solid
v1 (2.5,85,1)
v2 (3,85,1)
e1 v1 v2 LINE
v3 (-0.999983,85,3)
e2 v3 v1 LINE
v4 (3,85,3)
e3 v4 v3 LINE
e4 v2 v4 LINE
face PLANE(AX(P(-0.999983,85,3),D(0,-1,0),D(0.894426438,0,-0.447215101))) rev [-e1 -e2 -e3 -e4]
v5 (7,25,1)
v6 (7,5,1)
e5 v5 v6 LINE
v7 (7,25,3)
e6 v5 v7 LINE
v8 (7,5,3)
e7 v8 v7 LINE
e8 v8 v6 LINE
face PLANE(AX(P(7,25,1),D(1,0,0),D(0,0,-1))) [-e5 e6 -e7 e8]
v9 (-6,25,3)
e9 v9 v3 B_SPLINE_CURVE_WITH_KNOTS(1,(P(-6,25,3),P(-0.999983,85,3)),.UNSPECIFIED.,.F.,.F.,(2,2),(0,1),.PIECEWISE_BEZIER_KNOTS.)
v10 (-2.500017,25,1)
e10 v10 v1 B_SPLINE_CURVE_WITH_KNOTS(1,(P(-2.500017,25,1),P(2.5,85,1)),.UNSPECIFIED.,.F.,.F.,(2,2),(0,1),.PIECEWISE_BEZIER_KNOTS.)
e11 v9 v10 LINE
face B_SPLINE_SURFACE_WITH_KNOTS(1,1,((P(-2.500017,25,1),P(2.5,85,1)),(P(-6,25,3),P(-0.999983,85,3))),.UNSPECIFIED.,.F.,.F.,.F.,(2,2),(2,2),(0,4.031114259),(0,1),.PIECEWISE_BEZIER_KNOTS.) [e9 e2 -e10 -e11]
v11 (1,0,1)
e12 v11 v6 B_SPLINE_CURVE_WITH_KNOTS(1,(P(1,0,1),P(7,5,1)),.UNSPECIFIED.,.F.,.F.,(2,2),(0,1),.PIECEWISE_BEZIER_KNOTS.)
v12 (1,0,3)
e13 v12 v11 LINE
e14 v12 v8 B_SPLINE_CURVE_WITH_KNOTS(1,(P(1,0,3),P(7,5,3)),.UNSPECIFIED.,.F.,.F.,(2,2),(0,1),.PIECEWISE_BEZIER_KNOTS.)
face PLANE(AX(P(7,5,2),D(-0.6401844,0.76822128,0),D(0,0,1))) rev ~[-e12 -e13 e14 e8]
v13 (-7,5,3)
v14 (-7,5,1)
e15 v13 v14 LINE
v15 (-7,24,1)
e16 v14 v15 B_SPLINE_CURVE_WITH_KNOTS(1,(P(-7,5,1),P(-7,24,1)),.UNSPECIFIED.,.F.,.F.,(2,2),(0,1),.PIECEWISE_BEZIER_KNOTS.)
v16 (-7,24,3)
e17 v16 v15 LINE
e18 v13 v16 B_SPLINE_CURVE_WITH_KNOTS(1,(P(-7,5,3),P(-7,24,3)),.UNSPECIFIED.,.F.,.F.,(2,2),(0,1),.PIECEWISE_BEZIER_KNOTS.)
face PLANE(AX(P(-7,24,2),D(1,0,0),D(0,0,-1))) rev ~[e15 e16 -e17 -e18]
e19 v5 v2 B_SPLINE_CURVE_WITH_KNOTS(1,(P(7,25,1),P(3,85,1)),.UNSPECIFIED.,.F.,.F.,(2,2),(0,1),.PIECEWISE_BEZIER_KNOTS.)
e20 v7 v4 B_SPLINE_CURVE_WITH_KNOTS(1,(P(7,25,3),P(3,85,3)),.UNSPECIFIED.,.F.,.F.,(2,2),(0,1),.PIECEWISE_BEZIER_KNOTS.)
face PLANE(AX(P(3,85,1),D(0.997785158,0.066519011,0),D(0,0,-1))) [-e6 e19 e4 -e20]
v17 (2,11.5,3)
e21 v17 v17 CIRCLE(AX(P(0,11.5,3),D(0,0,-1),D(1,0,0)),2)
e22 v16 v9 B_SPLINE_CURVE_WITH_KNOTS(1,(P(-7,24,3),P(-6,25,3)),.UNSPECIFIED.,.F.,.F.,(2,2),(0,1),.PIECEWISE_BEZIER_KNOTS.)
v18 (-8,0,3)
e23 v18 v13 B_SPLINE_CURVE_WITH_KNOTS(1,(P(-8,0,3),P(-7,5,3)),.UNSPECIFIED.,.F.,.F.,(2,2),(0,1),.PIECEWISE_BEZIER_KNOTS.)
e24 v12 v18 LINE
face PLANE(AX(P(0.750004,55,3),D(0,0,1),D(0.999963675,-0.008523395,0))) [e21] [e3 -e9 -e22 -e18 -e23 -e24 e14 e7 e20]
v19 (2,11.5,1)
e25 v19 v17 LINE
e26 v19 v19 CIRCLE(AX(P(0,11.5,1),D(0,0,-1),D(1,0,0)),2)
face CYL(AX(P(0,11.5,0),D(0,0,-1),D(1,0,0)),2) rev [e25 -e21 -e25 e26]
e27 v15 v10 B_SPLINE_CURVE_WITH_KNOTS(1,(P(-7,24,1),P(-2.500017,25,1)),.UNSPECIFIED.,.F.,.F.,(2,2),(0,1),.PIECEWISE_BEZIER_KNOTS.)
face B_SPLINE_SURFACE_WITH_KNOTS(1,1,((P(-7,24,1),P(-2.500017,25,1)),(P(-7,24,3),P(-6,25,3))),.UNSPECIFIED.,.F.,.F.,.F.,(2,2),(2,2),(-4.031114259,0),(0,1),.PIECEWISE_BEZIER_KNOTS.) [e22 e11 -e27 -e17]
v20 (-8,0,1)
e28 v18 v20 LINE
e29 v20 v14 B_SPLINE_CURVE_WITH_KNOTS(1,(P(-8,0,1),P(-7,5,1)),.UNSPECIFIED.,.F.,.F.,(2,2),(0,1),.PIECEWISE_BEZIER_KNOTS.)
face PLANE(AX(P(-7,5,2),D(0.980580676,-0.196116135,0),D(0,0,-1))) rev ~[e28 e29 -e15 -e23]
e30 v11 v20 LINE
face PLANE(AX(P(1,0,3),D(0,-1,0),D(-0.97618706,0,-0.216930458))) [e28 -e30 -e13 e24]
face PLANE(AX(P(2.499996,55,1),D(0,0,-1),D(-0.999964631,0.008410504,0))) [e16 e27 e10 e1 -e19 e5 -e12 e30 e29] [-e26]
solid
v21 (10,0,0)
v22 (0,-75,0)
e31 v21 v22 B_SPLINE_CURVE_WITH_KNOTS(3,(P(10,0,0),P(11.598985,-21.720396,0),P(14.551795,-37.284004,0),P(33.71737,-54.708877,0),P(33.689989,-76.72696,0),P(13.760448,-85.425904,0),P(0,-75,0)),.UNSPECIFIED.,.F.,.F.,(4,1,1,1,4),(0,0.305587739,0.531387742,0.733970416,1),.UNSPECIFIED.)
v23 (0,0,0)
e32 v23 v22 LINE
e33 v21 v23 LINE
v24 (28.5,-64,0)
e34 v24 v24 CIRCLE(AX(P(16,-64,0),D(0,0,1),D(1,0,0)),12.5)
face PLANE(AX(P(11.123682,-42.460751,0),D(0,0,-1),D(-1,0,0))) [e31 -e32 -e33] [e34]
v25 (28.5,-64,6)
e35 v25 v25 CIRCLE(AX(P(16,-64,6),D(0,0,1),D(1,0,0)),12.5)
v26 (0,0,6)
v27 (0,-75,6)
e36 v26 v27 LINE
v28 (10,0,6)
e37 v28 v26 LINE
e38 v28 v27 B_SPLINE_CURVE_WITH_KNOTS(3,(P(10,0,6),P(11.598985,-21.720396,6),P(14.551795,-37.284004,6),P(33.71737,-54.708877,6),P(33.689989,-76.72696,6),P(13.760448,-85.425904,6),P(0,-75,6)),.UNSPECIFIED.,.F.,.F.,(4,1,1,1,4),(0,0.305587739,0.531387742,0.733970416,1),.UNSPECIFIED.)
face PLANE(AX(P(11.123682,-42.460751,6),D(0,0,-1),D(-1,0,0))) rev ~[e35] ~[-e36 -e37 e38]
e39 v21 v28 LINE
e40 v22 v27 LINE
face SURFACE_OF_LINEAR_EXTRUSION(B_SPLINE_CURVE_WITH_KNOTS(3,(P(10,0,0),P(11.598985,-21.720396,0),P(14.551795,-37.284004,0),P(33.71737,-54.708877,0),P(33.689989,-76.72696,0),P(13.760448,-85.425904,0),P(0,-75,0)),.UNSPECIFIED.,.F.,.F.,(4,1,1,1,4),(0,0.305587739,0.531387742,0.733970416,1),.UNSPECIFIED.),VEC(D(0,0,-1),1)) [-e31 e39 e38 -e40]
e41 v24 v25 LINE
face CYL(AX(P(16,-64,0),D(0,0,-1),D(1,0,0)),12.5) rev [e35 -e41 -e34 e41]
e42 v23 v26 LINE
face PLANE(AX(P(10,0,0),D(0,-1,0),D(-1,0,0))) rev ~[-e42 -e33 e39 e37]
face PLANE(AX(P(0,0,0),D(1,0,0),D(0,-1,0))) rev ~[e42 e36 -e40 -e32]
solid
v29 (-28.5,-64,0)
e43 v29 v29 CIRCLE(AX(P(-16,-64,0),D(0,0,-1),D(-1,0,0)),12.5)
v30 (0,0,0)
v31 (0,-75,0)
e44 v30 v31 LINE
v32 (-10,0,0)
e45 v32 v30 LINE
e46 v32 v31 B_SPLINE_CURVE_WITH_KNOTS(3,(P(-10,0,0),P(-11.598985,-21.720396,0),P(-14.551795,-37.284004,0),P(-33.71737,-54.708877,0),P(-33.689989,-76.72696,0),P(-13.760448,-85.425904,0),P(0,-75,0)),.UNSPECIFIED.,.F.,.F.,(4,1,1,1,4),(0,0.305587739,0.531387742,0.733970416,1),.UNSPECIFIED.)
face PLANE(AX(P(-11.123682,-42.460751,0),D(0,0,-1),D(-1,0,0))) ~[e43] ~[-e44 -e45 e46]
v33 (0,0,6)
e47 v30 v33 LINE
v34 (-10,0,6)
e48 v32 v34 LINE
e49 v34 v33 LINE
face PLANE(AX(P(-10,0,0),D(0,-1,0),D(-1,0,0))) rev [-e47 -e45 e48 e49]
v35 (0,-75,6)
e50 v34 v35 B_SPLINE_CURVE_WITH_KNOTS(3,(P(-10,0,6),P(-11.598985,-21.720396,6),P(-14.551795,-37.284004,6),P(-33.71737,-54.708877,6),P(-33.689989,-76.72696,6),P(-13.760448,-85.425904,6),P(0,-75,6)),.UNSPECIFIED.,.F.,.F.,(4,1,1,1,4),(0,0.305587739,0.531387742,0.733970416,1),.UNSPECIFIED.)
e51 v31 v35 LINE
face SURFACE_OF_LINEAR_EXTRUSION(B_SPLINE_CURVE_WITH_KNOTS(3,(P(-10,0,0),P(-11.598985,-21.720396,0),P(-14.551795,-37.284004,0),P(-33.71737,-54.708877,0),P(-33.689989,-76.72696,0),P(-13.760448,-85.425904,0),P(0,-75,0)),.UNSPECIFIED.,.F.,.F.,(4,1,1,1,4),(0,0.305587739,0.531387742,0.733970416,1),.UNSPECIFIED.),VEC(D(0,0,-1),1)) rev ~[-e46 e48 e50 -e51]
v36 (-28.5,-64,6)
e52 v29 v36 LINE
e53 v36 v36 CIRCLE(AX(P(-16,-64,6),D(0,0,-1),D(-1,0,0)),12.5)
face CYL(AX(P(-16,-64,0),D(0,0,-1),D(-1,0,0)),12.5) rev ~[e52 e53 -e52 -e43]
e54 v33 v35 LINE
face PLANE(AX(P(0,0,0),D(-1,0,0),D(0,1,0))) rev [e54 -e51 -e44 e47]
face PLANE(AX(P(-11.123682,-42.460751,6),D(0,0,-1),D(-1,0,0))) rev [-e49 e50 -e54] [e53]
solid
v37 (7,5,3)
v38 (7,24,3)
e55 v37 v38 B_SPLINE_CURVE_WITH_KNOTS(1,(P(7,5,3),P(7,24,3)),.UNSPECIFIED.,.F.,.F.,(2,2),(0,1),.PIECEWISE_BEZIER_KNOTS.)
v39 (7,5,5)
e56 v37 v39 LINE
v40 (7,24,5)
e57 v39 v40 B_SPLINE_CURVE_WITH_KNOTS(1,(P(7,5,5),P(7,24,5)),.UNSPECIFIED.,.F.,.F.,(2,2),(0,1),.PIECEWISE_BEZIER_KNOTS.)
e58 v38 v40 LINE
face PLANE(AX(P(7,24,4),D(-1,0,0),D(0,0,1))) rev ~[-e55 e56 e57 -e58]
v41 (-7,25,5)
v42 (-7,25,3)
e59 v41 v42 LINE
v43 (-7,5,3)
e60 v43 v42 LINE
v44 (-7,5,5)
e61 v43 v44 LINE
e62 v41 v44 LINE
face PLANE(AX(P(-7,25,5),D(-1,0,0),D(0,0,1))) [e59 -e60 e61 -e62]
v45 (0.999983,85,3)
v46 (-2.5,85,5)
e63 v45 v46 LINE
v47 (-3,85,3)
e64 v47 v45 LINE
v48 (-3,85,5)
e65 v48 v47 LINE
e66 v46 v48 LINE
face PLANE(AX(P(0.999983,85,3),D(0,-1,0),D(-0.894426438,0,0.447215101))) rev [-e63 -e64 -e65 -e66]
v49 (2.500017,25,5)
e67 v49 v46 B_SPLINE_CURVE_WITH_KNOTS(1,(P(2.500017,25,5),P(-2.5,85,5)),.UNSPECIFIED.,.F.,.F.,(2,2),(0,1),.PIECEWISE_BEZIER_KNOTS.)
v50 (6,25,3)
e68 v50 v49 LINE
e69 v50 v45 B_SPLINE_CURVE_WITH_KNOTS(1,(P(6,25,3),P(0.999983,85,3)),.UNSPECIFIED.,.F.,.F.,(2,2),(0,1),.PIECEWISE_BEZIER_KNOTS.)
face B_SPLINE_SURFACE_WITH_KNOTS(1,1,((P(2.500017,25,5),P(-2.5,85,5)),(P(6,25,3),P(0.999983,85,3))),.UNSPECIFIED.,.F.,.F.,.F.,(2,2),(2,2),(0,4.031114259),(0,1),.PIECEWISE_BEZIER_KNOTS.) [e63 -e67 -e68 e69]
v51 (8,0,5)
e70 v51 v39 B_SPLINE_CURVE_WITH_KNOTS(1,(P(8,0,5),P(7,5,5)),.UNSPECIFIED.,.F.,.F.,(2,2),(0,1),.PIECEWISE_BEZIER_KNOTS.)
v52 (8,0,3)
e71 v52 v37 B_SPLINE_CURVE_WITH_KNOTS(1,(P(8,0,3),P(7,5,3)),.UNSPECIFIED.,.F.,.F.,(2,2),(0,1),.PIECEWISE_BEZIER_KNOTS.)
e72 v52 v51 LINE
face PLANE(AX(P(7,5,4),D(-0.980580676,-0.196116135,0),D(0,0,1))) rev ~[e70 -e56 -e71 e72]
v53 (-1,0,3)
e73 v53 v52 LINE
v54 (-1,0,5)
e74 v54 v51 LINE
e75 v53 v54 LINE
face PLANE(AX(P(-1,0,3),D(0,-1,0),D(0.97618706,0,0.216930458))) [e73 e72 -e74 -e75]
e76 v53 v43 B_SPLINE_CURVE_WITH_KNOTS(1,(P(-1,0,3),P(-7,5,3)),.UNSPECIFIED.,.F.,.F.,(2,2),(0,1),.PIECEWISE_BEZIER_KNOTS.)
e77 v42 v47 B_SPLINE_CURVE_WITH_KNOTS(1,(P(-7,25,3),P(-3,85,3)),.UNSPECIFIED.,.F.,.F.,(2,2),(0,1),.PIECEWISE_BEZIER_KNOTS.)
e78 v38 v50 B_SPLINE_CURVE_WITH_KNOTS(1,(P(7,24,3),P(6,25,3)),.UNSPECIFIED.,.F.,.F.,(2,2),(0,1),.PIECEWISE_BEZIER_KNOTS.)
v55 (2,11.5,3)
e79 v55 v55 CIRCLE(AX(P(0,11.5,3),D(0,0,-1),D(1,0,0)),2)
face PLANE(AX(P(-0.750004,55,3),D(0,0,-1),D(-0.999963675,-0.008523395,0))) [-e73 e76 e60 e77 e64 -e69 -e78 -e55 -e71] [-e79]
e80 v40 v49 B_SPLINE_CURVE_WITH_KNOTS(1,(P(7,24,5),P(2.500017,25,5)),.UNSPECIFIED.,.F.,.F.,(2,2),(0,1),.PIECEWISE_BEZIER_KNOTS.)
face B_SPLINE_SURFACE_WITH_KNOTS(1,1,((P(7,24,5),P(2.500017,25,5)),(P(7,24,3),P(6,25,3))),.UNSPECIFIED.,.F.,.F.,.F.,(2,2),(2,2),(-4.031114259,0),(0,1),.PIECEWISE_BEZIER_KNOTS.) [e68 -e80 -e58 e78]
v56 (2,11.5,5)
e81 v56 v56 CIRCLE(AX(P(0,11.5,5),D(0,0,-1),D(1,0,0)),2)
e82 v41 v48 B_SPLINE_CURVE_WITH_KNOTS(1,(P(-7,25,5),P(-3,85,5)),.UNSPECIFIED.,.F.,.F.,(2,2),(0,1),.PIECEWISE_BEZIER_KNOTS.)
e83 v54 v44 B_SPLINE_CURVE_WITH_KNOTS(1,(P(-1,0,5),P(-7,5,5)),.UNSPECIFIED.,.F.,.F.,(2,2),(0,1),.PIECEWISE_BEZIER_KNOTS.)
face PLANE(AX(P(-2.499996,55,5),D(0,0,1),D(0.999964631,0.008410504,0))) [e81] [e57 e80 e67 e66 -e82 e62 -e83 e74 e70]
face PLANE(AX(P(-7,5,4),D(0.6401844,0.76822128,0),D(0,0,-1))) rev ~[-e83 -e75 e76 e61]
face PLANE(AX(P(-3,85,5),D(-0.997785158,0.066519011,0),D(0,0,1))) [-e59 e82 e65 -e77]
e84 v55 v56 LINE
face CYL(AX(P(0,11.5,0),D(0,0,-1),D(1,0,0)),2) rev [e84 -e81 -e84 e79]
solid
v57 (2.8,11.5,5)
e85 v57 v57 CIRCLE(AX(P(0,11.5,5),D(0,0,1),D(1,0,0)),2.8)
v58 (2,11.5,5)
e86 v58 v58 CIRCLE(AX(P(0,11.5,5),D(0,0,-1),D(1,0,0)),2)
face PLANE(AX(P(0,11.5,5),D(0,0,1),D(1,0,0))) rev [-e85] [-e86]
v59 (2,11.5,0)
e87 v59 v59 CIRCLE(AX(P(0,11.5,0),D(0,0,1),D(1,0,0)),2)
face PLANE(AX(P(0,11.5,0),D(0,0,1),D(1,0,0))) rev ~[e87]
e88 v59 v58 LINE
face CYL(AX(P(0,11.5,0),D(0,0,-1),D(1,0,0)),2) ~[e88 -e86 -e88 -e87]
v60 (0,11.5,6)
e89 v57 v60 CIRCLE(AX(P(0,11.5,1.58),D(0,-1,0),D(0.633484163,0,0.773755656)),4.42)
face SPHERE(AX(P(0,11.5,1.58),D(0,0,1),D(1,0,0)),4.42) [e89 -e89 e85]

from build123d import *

# Parameters (mm, degrees)
F1_DEPTH   = 6
F2_R       = 12.5
F3_DEPTH   = 6
F12_W      = 9
F12_H      = 2
F13_W      = 14
F13_H      = 2
F17_W      = 14
F17_H      = 2
F20_FACE_W = 14
F20_FACE_H = 2
F23_ANGLE  = 180
F24_R      = 2
F25_DEPTH  = 5.5


with BuildPart() as f1:
    # F0 (on Top) → F1 (new body)
    with BuildSketch(Plane.XY):
        with BuildLine():
            add(Edge.make_bspline(
                [(10, 0), (11.5989848037, -21.7203960732), (14.551794516, -37.2840041084), (33.7173695123, -54.7088770026), (33.6899893736, -76.726959724), (13.7604479388, -85.4259035728), (0, -75)],
                knots=[0, 0, 0, 0, 0.3055877393, 0.5313877422, 0.7339704157, 1, 1, 1, 1], degree=3))
            Line((10, 0), (0, 0))
            Line((0, 0), (0, -75))
        make_face()
    extrude(amount=F1_DEPTH)


with BuildPart() as f3:
    # F2 (on Top) → F3 (new body)
    with BuildSketch(Plane.XY):
        with Locations((16, -64)):
            Circle(F2_R)
    extrude(amount=F3_DEPTH)


with BuildPart() as f1_1:
    add(f1.part)

    # F4: cut F3
    add(f3.part, mode=Mode.SUBTRACT)


with BuildPart() as f5_1:
    # F5: instance of F1
    add(f1_1.part.mirror(Plane.YZ))


with BuildPart() as f18:
    # F12 (on Front) → F18 section 0
    with BuildSketch(Plane.XZ):
        with Locations((3.5, 4)):
            Rectangle(F12_W, F12_H)
    # F13 (on offset) → F18 section 1
    with BuildSketch(Plane.XZ.offset(-5)):
        with Locations((0, 4)):
            Rectangle(F13_W, F13_H)
    loft()

    # F13 (on offset) → F20 section 0
    with BuildSketch(Plane.XZ.offset(-5)):
        with Locations((0, 4)):
            Rectangle(F13_W, F13_H)
    # F17 (on offset) → F20 section 1
    with BuildSketch(Plane.XZ.offset(-24)):
        with Locations((0, 4)):
            Rectangle(F17_W, F17_H)
    loft()

    # F20_face (on face) → F21 section 0
    with BuildSketch(Plane(origin=(0, 24, 4), x_dir=(-1, 0, 0), z_dir=(0, 1, 0))):
        Rectangle(F20_FACE_W, F20_FACE_H)
    # F16 (on offset) → F21 section 1
    with BuildSketch(Plane.XZ.offset(-25)):
        Polygon((-7, 5), (-7, 3), (6, 3), (2.500016833, 5), align=None)
    loft()

    # F21_face (on face) → F22 section 0
    with BuildSketch(Plane(origin=(-1.3296258917, 25, 3.9481484363), x_dir=(-1, 0, 0), z_dir=(0, 1, 0))):
        Polygon((-3.8296427247, 1.0518515637), (-7.3296258917, -0.9481484363), (5.6703741083, -0.9481484363), (5.6703741083, 1.0518515637), align=None)
    # F14 (on offset) → F22 section 1
    with BuildSketch(Plane.XZ.offset(-85)):
        Polygon((0.999983167, 3), (-2.5, 5), (-3, 5), (-3, 3), align=None)
    loft()


with BuildPart() as f23_1:
    # F23: copy of F18
    add(f18.part.rotate(Axis((0, 45, 3), (0, 1, 0)), F23_ANGLE))


with BuildPart() as f25:
    # F24 (on Top) → F25 (new body)
    with BuildSketch(Plane.XY):
        with Locations((0, 11.5)):
            Circle(F24_R)
    extrude(amount=F25_DEPTH)


with BuildPart() as f18_1:
    add(f18.part)

    # F26: cut F25
    add(f25.part, mode=Mode.SUBTRACT)


with BuildPart() as f23_1_1:
    add(f23_1.part)

    # F26: cut F25
    add(f25.part, mode=Mode.SUBTRACT)


with BuildPart() as f25_1:
    add(f25.part)

    # F28 (on offset) → F29 (revolve)
    with BuildSketch(Plane.XZ.offset(-11.5)):
        with BuildLine():
            Line((0, 5), (2.8, 5))
            ThreePointArc((2.8, 5), (1.4866068747, 5.7424992492), (0, 6))
            Line((0, 6), (0, 5))
        make_face()
    revolve(axis=Axis((0, 11.5, 5.5), (0, 0, 1)))


solid = Compound([f1_1.part, f5_1.part, f18_1.part, f23_1_1.part, f25_1.part])
